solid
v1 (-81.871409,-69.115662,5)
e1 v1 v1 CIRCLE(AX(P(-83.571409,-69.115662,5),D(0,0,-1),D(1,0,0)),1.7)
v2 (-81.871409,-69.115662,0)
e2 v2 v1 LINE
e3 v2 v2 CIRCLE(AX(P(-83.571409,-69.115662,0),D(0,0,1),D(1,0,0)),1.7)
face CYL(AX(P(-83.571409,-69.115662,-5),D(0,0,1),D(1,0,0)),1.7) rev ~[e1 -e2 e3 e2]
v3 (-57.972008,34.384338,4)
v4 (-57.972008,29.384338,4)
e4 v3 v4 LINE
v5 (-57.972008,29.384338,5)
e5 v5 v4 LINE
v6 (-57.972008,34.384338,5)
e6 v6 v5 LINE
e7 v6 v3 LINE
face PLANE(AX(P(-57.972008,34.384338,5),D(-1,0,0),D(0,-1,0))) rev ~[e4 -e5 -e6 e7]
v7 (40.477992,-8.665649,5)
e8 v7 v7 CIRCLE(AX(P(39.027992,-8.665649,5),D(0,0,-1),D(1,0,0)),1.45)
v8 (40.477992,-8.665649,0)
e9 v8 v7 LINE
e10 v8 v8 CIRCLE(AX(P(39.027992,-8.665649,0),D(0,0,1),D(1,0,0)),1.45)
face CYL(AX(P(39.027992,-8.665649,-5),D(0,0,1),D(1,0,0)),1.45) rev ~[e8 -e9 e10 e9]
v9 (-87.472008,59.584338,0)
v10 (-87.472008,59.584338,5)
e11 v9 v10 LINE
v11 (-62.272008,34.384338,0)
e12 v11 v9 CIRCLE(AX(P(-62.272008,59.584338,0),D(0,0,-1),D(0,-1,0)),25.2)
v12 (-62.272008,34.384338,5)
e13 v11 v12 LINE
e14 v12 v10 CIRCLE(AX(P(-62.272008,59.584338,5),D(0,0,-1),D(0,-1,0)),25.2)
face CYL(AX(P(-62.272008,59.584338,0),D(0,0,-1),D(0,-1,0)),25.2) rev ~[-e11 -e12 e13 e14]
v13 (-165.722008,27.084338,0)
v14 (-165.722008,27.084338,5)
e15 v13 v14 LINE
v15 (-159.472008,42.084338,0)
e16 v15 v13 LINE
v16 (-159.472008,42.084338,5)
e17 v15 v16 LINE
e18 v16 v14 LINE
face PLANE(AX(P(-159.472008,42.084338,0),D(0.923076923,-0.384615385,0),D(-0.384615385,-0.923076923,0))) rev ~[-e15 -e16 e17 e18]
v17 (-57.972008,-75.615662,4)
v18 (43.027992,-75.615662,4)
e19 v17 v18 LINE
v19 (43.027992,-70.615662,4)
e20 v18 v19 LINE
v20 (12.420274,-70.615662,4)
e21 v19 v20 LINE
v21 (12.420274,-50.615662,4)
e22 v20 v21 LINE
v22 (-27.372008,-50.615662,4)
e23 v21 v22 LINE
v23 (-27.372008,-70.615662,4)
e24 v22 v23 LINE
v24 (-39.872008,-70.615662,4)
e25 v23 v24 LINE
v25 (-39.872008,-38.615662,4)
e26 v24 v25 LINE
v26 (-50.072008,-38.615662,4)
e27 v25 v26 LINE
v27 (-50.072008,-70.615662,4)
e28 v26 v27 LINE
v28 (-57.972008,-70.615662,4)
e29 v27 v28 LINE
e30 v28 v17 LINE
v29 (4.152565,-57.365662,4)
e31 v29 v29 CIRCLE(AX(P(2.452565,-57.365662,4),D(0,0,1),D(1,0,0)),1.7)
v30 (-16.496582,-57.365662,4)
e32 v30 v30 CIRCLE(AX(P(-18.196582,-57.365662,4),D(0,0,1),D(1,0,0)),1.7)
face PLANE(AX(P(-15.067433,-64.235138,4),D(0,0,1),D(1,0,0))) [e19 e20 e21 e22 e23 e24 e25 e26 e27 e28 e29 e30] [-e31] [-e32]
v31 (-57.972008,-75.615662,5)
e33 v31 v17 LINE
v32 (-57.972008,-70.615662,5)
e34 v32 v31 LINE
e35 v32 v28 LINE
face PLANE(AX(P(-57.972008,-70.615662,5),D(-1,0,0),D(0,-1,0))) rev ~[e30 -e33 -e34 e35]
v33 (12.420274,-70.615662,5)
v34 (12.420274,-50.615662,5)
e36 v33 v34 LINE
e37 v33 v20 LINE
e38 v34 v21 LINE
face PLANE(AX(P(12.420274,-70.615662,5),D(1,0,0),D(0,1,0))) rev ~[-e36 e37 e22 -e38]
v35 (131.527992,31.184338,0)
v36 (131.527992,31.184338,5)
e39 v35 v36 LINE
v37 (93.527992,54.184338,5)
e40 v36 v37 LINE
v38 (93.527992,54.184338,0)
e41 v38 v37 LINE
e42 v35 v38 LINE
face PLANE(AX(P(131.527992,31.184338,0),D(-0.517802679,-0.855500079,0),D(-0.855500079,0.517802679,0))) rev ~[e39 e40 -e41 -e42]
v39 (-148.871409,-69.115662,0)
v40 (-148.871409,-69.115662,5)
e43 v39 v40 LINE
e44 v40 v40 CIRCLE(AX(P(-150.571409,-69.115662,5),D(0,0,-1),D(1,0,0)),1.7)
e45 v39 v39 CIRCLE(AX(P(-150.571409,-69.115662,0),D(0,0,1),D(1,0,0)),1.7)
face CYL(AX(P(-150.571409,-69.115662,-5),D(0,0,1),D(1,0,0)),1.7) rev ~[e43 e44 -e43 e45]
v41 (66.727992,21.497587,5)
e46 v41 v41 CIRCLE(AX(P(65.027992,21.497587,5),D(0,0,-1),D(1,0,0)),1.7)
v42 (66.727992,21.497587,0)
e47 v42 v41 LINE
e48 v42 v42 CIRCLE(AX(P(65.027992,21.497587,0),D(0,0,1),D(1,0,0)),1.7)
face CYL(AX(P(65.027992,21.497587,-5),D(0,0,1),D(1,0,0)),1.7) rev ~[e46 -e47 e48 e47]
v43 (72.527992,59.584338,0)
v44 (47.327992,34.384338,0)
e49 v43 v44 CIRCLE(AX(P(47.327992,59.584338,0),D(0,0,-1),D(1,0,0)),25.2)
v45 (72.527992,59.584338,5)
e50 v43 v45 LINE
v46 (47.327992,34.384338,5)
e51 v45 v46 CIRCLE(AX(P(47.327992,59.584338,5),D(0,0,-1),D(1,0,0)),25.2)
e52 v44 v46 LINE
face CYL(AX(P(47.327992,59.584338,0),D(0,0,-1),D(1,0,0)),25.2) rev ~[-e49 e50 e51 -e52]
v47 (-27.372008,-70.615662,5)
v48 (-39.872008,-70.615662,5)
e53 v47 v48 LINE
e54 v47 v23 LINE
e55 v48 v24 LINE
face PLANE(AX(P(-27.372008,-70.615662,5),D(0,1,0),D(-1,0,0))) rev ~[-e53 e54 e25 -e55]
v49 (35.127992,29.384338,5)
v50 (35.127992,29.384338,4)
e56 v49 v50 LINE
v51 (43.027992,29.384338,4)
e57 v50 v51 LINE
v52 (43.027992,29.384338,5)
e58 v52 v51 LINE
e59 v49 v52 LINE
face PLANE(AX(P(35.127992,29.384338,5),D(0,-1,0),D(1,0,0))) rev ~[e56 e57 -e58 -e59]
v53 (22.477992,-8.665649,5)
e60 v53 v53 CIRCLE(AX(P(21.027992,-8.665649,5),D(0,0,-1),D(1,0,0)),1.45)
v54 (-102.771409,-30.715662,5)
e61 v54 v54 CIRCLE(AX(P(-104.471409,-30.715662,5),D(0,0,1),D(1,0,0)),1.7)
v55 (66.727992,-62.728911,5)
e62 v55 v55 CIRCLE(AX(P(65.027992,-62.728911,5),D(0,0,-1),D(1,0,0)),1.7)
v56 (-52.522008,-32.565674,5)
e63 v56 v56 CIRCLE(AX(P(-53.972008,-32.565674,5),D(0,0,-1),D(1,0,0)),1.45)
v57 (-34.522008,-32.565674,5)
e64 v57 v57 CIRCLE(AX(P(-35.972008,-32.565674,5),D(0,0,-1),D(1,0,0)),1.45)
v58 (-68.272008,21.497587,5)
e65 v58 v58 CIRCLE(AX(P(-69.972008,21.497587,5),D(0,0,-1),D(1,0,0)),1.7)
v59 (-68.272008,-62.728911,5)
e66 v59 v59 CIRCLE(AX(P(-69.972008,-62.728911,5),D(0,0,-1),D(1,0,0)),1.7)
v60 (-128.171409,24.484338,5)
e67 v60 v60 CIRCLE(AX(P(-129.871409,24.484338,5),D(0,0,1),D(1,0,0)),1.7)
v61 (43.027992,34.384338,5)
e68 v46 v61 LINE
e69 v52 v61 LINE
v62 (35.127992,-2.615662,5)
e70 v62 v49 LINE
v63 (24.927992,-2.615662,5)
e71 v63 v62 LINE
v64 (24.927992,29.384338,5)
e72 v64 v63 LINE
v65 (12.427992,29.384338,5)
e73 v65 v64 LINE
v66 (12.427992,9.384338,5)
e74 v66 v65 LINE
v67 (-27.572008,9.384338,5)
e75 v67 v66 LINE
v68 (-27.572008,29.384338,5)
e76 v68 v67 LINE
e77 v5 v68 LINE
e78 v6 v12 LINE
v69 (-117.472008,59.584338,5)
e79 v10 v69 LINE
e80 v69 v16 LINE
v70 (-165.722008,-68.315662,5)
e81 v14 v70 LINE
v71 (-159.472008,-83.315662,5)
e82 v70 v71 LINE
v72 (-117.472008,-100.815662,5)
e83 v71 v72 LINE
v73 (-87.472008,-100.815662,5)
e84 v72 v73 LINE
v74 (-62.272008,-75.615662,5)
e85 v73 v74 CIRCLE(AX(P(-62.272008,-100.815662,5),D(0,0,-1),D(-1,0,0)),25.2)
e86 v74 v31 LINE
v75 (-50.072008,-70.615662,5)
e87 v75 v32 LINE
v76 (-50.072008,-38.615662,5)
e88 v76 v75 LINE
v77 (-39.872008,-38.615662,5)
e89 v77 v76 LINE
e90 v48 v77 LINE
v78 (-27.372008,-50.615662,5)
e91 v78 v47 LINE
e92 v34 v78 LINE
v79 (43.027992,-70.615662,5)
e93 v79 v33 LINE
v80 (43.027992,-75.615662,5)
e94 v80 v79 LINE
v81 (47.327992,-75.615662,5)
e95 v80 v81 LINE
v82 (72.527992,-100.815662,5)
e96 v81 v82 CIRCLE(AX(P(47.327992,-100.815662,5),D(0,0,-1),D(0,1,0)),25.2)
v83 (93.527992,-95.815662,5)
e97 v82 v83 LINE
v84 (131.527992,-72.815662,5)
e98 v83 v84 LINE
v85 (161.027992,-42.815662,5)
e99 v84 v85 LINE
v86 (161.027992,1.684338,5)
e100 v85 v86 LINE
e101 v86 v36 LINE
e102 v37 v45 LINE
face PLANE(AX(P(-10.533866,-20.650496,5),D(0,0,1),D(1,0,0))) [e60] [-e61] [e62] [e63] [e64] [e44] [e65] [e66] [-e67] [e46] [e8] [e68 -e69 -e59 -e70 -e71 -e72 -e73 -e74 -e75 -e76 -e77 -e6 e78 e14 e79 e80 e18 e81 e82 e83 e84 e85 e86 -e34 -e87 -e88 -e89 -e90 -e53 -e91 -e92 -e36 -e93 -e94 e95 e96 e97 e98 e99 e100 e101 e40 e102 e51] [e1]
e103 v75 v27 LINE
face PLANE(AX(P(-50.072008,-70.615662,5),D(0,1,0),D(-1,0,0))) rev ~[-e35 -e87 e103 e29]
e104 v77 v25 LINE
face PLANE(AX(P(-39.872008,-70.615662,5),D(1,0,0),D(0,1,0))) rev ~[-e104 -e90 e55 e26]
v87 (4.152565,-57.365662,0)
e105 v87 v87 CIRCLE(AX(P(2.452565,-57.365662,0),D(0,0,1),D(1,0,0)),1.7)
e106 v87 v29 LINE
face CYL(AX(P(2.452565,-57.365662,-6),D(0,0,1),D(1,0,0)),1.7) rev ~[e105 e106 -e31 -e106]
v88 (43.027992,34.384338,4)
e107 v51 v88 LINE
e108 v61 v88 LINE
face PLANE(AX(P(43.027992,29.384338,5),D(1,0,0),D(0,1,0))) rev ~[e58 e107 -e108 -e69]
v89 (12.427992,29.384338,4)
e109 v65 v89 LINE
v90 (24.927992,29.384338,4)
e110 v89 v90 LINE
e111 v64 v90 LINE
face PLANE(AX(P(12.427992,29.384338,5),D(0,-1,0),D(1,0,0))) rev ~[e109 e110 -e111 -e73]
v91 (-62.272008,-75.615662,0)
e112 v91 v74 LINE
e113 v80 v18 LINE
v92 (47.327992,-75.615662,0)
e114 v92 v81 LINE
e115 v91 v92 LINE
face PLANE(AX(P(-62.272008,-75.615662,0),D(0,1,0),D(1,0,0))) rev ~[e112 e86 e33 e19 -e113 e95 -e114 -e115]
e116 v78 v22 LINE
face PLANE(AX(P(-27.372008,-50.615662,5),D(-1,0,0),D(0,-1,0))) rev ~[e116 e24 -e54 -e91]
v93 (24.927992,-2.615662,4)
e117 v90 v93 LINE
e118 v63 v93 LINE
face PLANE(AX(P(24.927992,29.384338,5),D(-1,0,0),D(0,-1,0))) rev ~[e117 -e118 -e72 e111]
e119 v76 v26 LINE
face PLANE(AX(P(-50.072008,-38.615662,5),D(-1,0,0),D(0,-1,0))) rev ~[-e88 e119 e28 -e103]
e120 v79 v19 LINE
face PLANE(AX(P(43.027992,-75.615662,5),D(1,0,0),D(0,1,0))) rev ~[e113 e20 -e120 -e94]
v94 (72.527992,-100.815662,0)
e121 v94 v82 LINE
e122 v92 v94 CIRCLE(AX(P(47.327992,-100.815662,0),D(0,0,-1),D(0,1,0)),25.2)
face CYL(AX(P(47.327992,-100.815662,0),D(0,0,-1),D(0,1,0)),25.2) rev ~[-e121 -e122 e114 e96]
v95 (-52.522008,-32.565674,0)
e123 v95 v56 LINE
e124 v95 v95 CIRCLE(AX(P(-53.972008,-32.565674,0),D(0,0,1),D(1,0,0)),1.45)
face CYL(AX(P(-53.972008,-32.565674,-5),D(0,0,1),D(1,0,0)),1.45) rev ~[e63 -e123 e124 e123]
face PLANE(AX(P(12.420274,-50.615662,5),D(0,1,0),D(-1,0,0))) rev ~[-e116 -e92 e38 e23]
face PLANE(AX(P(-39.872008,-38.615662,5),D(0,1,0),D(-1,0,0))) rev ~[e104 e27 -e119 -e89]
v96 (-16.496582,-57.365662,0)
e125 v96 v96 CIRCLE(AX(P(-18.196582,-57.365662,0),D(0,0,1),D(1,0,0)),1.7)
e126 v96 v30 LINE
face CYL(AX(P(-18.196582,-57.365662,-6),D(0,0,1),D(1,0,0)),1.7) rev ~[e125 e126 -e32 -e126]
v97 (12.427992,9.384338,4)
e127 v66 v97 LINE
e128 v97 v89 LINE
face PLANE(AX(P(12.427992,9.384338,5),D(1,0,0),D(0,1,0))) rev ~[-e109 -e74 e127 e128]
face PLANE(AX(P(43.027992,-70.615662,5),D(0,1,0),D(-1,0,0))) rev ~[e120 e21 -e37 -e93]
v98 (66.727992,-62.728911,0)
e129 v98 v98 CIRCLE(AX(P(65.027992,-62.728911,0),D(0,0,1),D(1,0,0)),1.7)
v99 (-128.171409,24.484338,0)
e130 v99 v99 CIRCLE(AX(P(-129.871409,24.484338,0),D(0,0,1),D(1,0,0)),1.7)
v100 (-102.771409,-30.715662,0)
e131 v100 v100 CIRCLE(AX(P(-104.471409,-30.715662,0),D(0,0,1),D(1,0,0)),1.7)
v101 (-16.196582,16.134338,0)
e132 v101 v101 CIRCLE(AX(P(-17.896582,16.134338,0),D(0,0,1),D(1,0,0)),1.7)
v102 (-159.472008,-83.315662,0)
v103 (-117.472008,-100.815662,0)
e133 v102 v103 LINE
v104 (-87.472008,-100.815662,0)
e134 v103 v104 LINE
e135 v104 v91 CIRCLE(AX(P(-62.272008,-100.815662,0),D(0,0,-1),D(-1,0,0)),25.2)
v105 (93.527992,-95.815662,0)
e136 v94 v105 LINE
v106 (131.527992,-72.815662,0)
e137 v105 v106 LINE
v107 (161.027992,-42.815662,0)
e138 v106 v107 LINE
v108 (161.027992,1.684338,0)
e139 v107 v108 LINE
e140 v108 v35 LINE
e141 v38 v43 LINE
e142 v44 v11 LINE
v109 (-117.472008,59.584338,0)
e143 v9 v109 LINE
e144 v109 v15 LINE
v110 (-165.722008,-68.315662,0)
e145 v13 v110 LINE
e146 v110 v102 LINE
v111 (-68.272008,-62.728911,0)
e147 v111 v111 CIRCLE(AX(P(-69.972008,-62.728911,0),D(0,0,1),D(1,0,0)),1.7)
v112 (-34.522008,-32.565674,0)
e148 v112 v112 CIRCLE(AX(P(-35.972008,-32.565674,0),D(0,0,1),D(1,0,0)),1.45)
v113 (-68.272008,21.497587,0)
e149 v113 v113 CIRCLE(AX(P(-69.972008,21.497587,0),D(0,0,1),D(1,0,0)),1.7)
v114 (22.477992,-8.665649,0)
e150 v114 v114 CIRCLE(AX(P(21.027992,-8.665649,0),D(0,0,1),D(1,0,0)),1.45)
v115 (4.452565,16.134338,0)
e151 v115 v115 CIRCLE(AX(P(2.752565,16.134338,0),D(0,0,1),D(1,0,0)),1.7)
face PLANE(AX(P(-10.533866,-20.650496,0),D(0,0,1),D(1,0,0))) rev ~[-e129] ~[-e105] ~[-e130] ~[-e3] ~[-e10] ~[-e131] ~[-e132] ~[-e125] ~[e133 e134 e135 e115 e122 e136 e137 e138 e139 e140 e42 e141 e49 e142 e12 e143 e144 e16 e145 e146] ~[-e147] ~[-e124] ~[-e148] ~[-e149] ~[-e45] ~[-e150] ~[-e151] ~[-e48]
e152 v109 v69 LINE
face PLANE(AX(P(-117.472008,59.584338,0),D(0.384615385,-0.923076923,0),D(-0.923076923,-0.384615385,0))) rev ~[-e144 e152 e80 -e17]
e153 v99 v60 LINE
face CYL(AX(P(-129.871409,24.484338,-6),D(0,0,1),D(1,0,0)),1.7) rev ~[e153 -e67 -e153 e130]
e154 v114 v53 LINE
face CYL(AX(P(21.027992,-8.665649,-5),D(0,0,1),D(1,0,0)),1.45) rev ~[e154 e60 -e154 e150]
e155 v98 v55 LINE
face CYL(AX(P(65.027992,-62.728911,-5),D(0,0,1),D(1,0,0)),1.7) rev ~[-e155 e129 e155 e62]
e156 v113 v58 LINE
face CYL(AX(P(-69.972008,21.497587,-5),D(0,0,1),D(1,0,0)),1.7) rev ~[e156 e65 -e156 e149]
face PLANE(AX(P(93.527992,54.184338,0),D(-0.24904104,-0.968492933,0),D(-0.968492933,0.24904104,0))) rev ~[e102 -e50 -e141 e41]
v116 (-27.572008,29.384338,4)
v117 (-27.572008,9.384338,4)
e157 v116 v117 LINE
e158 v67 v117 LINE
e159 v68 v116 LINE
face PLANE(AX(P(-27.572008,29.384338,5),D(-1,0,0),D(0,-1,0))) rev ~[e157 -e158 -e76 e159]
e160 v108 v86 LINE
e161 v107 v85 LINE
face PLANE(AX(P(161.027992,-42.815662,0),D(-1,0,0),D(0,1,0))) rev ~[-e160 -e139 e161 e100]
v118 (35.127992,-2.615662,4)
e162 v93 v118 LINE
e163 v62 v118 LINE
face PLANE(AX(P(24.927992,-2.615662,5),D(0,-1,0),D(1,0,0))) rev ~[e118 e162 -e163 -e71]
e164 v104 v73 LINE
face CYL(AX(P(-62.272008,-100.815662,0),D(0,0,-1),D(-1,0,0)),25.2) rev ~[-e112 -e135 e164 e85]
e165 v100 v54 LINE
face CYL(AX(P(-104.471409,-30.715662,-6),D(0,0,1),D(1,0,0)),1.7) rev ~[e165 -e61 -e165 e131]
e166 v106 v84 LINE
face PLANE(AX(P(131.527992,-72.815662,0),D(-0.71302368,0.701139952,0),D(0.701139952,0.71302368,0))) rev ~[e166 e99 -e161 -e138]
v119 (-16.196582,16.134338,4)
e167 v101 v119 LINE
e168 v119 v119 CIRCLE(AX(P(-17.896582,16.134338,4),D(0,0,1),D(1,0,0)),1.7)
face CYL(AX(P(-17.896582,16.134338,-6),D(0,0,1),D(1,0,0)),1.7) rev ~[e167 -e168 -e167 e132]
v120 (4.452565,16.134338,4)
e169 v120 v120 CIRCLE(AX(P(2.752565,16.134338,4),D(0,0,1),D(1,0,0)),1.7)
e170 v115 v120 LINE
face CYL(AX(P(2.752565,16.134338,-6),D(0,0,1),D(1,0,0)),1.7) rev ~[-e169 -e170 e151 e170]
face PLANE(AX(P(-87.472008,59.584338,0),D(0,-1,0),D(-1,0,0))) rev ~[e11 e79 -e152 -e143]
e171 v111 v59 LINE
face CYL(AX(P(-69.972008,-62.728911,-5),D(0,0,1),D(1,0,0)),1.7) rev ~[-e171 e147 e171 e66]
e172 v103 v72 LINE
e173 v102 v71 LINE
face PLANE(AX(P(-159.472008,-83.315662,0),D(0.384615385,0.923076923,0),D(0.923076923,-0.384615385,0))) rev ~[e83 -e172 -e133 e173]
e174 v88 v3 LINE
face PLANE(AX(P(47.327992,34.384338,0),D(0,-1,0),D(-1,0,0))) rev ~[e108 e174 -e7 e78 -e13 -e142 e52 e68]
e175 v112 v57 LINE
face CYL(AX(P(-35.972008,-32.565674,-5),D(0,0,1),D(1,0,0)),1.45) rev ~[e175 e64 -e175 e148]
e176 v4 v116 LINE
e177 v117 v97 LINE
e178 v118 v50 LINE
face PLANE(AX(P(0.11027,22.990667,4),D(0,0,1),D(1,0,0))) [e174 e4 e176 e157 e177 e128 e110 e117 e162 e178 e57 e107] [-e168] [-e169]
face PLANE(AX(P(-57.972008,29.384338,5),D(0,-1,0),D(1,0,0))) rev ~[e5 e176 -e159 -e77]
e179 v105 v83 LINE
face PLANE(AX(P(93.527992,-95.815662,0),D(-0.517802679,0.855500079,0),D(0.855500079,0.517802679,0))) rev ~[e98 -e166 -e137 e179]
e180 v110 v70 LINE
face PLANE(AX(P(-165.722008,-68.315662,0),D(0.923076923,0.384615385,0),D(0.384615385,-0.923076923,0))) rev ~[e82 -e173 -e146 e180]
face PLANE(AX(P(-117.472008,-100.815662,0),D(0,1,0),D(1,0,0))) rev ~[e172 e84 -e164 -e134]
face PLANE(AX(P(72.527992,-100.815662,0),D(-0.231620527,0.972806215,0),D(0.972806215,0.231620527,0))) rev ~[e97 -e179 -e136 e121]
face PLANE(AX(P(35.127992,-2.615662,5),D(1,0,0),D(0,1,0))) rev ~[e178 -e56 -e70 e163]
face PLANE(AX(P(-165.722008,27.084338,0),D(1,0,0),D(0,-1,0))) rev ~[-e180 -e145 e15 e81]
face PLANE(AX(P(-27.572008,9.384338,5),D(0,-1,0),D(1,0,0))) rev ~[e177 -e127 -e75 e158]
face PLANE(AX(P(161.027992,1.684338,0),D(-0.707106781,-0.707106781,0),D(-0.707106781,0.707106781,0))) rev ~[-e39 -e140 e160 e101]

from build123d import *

# Parameters (mm, degrees)
BOSS_EXTRU_1_DEPTH      = 5
D_GAGEMENT_M2_51_D      = 2.9
D_GAGEMENT_M2_51_DEPTH  = 5
D_GAGEMENT_M2_51_TIP    = 0.871247898
D_GAGEMENT_M31_D        = 3.4
D_GAGEMENT_M31_DEPTH    = 6
D_GAGEMENT_M31_TIP      = 1.021463052
D_GAGEMENT_M32_D        = 3.4
D_GAGEMENT_M32_DEPTH    = 5
D_GAGEMENT_M32_TIP      = 1.021463052
ENL_V_MAT_EXTRU_1_DEPTH = 1
ENL_V_MAT_EXTRU_2_DEPTH = 1
D_GAGEMENT_M33_D        = 3.4
D_GAGEMENT_M33_DEPTH    = 6
D_GAGEMENT_M33_TIP      = 1.021463052
D_GAGEMENT_M34_D        = 3.4
D_GAGEMENT_M34_DEPTH    = 5
D_GAGEMENT_M34_TIP      = 1.021463052


with BuildPart() as part:
    # Esquisse1 → Boss.-Extru.1 (new body)
    with BuildSketch(Plane.XY):
        with BuildLine():
            Line((-87.472008168, 59.584338106), (-117.472008168, 59.584338106))
            Line((-117.472008168, 59.584338106), (-159.472008168, 42.084338106))
            Line((-159.472008168, 42.084338106), (-165.722008168, 27.084338106))
            Line((-165.722008168, 27.084338106), (-165.722008168, -68.315661894))
            Line((-165.722008168, -68.315661894), (-159.472008168, -83.315661894))
            Line((-159.472008168, -83.315661894), (-117.472008168, -100.815661894))
            Line((-117.472008168, -100.815661894), (-87.472008168, -100.815661894))
            ThreePointArc((-87.472008168, -100.815661894), (-80.091099054, -82.996571008), (-62.272008168, -75.615661894))
            Line((-62.272008168, -75.615661894), (47.327991832, -75.615661894))
            ThreePointArc((47.327991832, -75.615661894), (65.147082718, -82.996571008), (72.527991832, -100.815661894))
            Line((72.527991832, -100.815661894), (93.527991832, -95.815661894))
            Line((93.527991832, -95.815661894), (131.527991832, -72.815661894))
            Line((131.527991832, -72.815661894), (161.027991832, -42.815661894))
            Line((161.027991832, -42.815661894), (161.027991832, 1.684338106))
            Line((161.027991832, 1.684338106), (131.527991832, 31.184338106))
            Line((131.527991832, 31.184338106), (93.527991832, 54.184338106))
            Line((93.527991832, 54.184338106), (72.527991832, 59.584338106))
            ThreePointArc((72.527991832, 59.584338106), (65.147082718, 41.76524722), (47.327991832, 34.384338106))
            Line((47.327991832, 34.384338106), (-62.272008168, 34.384338106))
            ThreePointArc((-62.272008168, 34.384338106), (-80.091099054, 41.76524722), (-87.472008168, 59.584338106))
        make_face()
    extrude(amount=BOSS_EXTRU_1_DEPTH)

    # Dégagement M2.51
    with Locations(Plane(origin=(0, 0, 0), x_dir=(-1, 0, 0), z_dir=(0, 0, -1))):
        with Locations((-21.027991832, -8.66564946), (-39.027991832, -8.66564946), (35.972008168, -32.565674331), (53.972008168, -32.565674331)):
            Hole(D_GAGEMENT_M2_51_D / 2, depth=D_GAGEMENT_M2_51_DEPTH)
            with Locations((0, 0, -(D_GAGEMENT_M2_51_DEPTH + D_GAGEMENT_M2_51_TIP / 2))):  # 118° drill point
                Cone(0, D_GAGEMENT_M2_51_D / 2, D_GAGEMENT_M2_51_TIP, mode=Mode.SUBTRACT)

    # Dégagement M31
    with Locations(Plane(origin=(0, 0, 0), x_dir=(-1, 0, 0), z_dir=(0, 0, -1))):
        with Locations((17.896581687, 16.134338106), (-2.752565352, 16.134338106), (18.196581687, -57.365661894), (-2.452565352, -57.365661894)):
            Hole(D_GAGEMENT_M31_D / 2, depth=D_GAGEMENT_M31_DEPTH)
            with Locations((0, 0, -(D_GAGEMENT_M31_DEPTH + D_GAGEMENT_M31_TIP / 2))):  # 118° drill point
                Cone(0, D_GAGEMENT_M31_D / 2, D_GAGEMENT_M31_TIP, mode=Mode.SUBTRACT)

    # Dégagement M32
    with Locations(Plane(origin=(0, 0, 0), x_dir=(-1, 0, 0), z_dir=(0, 0, -1))):
        with Locations((69.972008168, -62.728910548), (69.972008168, 21.49758676), (-65.027991832, -62.728910548), (-65.027991832, 21.49758676)):
            Hole(D_GAGEMENT_M32_D / 2, depth=D_GAGEMENT_M32_DEPTH)
            with Locations((0, 0, -(D_GAGEMENT_M32_DEPTH + D_GAGEMENT_M32_TIP / 2))):  # 118° drill point
                Cone(0, D_GAGEMENT_M32_D / 2, D_GAGEMENT_M32_TIP, mode=Mode.SUBTRACT)

    # Esquisse10 → Enlèv. mat.-Extru.1 (cut)
    with BuildSketch(Plane.XY.offset(5)):
        Polygon((43.027991832, -75.615661894), (43.027991832, -70.615661894), (12.42027445, -70.615661894), (12.42027445, -50.615661894), (-27.372008168, -50.615661894), (-27.372008168, -70.615661894), (-36.072008168, -70.615661894), (-39.872008168, -70.615661894), (-39.872008168, -38.615661894), (-50.072008168, -38.615661894), (-50.072008168, -70.615661894), (-57.972008168, -70.615661894), (-57.972008168, -75.615661894), align=None)
    extrude(amount=-ENL_V_MAT_EXTRU_1_DEPTH, mode=Mode.SUBTRACT)

    # Esquisse10<3> → Enlèv. mat.-Extru.2 (cut)
    with BuildSketch(Plane.XY.offset(5)):
        Polygon((43.027991832, 29.384338106), (43.027991832, 34.384338106), (-57.972008168, 34.384338106), (-57.972008168, 29.384338106), (-27.572008168, 29.384338106), (-27.572008168, 9.384338106), (12.427991832, 9.384338106), (12.427991832, 29.384338106), (24.927991832, 29.384338106), (24.927991832, -2.615661894), (35.127991832, -2.615661894), (35.127991832, 29.384338106), align=None)
    extrude(amount=-ENL_V_MAT_EXTRU_2_DEPTH, mode=Mode.SUBTRACT)

    # Dégagement M33
    with Locations(Plane(origin=(0, 0, 0), x_dir=(-1, 0, 0), z_dir=(0, 0, -1))):
        with Locations((104.471408589, -30.715661894), (129.871408589, 24.484338106)):
            Hole(D_GAGEMENT_M33_D / 2, depth=D_GAGEMENT_M33_DEPTH)
            with Locations((0, 0, -(D_GAGEMENT_M33_DEPTH + D_GAGEMENT_M33_TIP / 2))):  # 118° drill point
                Cone(0, D_GAGEMENT_M33_D / 2, D_GAGEMENT_M33_TIP, mode=Mode.SUBTRACT)

    # Dégagement M34
    with Locations(Plane(origin=(0, 0, 0), x_dir=(-1, 0, 0), z_dir=(0, 0, -1))):
        with Locations((150.571408589, -69.115661894), (83.571408589, -69.115661894)):
            Hole(D_GAGEMENT_M34_D / 2, depth=D_GAGEMENT_M34_DEPTH)
            with Locations((0, 0, -(D_GAGEMENT_M34_DEPTH + D_GAGEMENT_M34_TIP / 2))):  # 118° drill point
                Cone(0, D_GAGEMENT_M34_D / 2, D_GAGEMENT_M34_TIP, mode=Mode.SUBTRACT)


solid = part.part
